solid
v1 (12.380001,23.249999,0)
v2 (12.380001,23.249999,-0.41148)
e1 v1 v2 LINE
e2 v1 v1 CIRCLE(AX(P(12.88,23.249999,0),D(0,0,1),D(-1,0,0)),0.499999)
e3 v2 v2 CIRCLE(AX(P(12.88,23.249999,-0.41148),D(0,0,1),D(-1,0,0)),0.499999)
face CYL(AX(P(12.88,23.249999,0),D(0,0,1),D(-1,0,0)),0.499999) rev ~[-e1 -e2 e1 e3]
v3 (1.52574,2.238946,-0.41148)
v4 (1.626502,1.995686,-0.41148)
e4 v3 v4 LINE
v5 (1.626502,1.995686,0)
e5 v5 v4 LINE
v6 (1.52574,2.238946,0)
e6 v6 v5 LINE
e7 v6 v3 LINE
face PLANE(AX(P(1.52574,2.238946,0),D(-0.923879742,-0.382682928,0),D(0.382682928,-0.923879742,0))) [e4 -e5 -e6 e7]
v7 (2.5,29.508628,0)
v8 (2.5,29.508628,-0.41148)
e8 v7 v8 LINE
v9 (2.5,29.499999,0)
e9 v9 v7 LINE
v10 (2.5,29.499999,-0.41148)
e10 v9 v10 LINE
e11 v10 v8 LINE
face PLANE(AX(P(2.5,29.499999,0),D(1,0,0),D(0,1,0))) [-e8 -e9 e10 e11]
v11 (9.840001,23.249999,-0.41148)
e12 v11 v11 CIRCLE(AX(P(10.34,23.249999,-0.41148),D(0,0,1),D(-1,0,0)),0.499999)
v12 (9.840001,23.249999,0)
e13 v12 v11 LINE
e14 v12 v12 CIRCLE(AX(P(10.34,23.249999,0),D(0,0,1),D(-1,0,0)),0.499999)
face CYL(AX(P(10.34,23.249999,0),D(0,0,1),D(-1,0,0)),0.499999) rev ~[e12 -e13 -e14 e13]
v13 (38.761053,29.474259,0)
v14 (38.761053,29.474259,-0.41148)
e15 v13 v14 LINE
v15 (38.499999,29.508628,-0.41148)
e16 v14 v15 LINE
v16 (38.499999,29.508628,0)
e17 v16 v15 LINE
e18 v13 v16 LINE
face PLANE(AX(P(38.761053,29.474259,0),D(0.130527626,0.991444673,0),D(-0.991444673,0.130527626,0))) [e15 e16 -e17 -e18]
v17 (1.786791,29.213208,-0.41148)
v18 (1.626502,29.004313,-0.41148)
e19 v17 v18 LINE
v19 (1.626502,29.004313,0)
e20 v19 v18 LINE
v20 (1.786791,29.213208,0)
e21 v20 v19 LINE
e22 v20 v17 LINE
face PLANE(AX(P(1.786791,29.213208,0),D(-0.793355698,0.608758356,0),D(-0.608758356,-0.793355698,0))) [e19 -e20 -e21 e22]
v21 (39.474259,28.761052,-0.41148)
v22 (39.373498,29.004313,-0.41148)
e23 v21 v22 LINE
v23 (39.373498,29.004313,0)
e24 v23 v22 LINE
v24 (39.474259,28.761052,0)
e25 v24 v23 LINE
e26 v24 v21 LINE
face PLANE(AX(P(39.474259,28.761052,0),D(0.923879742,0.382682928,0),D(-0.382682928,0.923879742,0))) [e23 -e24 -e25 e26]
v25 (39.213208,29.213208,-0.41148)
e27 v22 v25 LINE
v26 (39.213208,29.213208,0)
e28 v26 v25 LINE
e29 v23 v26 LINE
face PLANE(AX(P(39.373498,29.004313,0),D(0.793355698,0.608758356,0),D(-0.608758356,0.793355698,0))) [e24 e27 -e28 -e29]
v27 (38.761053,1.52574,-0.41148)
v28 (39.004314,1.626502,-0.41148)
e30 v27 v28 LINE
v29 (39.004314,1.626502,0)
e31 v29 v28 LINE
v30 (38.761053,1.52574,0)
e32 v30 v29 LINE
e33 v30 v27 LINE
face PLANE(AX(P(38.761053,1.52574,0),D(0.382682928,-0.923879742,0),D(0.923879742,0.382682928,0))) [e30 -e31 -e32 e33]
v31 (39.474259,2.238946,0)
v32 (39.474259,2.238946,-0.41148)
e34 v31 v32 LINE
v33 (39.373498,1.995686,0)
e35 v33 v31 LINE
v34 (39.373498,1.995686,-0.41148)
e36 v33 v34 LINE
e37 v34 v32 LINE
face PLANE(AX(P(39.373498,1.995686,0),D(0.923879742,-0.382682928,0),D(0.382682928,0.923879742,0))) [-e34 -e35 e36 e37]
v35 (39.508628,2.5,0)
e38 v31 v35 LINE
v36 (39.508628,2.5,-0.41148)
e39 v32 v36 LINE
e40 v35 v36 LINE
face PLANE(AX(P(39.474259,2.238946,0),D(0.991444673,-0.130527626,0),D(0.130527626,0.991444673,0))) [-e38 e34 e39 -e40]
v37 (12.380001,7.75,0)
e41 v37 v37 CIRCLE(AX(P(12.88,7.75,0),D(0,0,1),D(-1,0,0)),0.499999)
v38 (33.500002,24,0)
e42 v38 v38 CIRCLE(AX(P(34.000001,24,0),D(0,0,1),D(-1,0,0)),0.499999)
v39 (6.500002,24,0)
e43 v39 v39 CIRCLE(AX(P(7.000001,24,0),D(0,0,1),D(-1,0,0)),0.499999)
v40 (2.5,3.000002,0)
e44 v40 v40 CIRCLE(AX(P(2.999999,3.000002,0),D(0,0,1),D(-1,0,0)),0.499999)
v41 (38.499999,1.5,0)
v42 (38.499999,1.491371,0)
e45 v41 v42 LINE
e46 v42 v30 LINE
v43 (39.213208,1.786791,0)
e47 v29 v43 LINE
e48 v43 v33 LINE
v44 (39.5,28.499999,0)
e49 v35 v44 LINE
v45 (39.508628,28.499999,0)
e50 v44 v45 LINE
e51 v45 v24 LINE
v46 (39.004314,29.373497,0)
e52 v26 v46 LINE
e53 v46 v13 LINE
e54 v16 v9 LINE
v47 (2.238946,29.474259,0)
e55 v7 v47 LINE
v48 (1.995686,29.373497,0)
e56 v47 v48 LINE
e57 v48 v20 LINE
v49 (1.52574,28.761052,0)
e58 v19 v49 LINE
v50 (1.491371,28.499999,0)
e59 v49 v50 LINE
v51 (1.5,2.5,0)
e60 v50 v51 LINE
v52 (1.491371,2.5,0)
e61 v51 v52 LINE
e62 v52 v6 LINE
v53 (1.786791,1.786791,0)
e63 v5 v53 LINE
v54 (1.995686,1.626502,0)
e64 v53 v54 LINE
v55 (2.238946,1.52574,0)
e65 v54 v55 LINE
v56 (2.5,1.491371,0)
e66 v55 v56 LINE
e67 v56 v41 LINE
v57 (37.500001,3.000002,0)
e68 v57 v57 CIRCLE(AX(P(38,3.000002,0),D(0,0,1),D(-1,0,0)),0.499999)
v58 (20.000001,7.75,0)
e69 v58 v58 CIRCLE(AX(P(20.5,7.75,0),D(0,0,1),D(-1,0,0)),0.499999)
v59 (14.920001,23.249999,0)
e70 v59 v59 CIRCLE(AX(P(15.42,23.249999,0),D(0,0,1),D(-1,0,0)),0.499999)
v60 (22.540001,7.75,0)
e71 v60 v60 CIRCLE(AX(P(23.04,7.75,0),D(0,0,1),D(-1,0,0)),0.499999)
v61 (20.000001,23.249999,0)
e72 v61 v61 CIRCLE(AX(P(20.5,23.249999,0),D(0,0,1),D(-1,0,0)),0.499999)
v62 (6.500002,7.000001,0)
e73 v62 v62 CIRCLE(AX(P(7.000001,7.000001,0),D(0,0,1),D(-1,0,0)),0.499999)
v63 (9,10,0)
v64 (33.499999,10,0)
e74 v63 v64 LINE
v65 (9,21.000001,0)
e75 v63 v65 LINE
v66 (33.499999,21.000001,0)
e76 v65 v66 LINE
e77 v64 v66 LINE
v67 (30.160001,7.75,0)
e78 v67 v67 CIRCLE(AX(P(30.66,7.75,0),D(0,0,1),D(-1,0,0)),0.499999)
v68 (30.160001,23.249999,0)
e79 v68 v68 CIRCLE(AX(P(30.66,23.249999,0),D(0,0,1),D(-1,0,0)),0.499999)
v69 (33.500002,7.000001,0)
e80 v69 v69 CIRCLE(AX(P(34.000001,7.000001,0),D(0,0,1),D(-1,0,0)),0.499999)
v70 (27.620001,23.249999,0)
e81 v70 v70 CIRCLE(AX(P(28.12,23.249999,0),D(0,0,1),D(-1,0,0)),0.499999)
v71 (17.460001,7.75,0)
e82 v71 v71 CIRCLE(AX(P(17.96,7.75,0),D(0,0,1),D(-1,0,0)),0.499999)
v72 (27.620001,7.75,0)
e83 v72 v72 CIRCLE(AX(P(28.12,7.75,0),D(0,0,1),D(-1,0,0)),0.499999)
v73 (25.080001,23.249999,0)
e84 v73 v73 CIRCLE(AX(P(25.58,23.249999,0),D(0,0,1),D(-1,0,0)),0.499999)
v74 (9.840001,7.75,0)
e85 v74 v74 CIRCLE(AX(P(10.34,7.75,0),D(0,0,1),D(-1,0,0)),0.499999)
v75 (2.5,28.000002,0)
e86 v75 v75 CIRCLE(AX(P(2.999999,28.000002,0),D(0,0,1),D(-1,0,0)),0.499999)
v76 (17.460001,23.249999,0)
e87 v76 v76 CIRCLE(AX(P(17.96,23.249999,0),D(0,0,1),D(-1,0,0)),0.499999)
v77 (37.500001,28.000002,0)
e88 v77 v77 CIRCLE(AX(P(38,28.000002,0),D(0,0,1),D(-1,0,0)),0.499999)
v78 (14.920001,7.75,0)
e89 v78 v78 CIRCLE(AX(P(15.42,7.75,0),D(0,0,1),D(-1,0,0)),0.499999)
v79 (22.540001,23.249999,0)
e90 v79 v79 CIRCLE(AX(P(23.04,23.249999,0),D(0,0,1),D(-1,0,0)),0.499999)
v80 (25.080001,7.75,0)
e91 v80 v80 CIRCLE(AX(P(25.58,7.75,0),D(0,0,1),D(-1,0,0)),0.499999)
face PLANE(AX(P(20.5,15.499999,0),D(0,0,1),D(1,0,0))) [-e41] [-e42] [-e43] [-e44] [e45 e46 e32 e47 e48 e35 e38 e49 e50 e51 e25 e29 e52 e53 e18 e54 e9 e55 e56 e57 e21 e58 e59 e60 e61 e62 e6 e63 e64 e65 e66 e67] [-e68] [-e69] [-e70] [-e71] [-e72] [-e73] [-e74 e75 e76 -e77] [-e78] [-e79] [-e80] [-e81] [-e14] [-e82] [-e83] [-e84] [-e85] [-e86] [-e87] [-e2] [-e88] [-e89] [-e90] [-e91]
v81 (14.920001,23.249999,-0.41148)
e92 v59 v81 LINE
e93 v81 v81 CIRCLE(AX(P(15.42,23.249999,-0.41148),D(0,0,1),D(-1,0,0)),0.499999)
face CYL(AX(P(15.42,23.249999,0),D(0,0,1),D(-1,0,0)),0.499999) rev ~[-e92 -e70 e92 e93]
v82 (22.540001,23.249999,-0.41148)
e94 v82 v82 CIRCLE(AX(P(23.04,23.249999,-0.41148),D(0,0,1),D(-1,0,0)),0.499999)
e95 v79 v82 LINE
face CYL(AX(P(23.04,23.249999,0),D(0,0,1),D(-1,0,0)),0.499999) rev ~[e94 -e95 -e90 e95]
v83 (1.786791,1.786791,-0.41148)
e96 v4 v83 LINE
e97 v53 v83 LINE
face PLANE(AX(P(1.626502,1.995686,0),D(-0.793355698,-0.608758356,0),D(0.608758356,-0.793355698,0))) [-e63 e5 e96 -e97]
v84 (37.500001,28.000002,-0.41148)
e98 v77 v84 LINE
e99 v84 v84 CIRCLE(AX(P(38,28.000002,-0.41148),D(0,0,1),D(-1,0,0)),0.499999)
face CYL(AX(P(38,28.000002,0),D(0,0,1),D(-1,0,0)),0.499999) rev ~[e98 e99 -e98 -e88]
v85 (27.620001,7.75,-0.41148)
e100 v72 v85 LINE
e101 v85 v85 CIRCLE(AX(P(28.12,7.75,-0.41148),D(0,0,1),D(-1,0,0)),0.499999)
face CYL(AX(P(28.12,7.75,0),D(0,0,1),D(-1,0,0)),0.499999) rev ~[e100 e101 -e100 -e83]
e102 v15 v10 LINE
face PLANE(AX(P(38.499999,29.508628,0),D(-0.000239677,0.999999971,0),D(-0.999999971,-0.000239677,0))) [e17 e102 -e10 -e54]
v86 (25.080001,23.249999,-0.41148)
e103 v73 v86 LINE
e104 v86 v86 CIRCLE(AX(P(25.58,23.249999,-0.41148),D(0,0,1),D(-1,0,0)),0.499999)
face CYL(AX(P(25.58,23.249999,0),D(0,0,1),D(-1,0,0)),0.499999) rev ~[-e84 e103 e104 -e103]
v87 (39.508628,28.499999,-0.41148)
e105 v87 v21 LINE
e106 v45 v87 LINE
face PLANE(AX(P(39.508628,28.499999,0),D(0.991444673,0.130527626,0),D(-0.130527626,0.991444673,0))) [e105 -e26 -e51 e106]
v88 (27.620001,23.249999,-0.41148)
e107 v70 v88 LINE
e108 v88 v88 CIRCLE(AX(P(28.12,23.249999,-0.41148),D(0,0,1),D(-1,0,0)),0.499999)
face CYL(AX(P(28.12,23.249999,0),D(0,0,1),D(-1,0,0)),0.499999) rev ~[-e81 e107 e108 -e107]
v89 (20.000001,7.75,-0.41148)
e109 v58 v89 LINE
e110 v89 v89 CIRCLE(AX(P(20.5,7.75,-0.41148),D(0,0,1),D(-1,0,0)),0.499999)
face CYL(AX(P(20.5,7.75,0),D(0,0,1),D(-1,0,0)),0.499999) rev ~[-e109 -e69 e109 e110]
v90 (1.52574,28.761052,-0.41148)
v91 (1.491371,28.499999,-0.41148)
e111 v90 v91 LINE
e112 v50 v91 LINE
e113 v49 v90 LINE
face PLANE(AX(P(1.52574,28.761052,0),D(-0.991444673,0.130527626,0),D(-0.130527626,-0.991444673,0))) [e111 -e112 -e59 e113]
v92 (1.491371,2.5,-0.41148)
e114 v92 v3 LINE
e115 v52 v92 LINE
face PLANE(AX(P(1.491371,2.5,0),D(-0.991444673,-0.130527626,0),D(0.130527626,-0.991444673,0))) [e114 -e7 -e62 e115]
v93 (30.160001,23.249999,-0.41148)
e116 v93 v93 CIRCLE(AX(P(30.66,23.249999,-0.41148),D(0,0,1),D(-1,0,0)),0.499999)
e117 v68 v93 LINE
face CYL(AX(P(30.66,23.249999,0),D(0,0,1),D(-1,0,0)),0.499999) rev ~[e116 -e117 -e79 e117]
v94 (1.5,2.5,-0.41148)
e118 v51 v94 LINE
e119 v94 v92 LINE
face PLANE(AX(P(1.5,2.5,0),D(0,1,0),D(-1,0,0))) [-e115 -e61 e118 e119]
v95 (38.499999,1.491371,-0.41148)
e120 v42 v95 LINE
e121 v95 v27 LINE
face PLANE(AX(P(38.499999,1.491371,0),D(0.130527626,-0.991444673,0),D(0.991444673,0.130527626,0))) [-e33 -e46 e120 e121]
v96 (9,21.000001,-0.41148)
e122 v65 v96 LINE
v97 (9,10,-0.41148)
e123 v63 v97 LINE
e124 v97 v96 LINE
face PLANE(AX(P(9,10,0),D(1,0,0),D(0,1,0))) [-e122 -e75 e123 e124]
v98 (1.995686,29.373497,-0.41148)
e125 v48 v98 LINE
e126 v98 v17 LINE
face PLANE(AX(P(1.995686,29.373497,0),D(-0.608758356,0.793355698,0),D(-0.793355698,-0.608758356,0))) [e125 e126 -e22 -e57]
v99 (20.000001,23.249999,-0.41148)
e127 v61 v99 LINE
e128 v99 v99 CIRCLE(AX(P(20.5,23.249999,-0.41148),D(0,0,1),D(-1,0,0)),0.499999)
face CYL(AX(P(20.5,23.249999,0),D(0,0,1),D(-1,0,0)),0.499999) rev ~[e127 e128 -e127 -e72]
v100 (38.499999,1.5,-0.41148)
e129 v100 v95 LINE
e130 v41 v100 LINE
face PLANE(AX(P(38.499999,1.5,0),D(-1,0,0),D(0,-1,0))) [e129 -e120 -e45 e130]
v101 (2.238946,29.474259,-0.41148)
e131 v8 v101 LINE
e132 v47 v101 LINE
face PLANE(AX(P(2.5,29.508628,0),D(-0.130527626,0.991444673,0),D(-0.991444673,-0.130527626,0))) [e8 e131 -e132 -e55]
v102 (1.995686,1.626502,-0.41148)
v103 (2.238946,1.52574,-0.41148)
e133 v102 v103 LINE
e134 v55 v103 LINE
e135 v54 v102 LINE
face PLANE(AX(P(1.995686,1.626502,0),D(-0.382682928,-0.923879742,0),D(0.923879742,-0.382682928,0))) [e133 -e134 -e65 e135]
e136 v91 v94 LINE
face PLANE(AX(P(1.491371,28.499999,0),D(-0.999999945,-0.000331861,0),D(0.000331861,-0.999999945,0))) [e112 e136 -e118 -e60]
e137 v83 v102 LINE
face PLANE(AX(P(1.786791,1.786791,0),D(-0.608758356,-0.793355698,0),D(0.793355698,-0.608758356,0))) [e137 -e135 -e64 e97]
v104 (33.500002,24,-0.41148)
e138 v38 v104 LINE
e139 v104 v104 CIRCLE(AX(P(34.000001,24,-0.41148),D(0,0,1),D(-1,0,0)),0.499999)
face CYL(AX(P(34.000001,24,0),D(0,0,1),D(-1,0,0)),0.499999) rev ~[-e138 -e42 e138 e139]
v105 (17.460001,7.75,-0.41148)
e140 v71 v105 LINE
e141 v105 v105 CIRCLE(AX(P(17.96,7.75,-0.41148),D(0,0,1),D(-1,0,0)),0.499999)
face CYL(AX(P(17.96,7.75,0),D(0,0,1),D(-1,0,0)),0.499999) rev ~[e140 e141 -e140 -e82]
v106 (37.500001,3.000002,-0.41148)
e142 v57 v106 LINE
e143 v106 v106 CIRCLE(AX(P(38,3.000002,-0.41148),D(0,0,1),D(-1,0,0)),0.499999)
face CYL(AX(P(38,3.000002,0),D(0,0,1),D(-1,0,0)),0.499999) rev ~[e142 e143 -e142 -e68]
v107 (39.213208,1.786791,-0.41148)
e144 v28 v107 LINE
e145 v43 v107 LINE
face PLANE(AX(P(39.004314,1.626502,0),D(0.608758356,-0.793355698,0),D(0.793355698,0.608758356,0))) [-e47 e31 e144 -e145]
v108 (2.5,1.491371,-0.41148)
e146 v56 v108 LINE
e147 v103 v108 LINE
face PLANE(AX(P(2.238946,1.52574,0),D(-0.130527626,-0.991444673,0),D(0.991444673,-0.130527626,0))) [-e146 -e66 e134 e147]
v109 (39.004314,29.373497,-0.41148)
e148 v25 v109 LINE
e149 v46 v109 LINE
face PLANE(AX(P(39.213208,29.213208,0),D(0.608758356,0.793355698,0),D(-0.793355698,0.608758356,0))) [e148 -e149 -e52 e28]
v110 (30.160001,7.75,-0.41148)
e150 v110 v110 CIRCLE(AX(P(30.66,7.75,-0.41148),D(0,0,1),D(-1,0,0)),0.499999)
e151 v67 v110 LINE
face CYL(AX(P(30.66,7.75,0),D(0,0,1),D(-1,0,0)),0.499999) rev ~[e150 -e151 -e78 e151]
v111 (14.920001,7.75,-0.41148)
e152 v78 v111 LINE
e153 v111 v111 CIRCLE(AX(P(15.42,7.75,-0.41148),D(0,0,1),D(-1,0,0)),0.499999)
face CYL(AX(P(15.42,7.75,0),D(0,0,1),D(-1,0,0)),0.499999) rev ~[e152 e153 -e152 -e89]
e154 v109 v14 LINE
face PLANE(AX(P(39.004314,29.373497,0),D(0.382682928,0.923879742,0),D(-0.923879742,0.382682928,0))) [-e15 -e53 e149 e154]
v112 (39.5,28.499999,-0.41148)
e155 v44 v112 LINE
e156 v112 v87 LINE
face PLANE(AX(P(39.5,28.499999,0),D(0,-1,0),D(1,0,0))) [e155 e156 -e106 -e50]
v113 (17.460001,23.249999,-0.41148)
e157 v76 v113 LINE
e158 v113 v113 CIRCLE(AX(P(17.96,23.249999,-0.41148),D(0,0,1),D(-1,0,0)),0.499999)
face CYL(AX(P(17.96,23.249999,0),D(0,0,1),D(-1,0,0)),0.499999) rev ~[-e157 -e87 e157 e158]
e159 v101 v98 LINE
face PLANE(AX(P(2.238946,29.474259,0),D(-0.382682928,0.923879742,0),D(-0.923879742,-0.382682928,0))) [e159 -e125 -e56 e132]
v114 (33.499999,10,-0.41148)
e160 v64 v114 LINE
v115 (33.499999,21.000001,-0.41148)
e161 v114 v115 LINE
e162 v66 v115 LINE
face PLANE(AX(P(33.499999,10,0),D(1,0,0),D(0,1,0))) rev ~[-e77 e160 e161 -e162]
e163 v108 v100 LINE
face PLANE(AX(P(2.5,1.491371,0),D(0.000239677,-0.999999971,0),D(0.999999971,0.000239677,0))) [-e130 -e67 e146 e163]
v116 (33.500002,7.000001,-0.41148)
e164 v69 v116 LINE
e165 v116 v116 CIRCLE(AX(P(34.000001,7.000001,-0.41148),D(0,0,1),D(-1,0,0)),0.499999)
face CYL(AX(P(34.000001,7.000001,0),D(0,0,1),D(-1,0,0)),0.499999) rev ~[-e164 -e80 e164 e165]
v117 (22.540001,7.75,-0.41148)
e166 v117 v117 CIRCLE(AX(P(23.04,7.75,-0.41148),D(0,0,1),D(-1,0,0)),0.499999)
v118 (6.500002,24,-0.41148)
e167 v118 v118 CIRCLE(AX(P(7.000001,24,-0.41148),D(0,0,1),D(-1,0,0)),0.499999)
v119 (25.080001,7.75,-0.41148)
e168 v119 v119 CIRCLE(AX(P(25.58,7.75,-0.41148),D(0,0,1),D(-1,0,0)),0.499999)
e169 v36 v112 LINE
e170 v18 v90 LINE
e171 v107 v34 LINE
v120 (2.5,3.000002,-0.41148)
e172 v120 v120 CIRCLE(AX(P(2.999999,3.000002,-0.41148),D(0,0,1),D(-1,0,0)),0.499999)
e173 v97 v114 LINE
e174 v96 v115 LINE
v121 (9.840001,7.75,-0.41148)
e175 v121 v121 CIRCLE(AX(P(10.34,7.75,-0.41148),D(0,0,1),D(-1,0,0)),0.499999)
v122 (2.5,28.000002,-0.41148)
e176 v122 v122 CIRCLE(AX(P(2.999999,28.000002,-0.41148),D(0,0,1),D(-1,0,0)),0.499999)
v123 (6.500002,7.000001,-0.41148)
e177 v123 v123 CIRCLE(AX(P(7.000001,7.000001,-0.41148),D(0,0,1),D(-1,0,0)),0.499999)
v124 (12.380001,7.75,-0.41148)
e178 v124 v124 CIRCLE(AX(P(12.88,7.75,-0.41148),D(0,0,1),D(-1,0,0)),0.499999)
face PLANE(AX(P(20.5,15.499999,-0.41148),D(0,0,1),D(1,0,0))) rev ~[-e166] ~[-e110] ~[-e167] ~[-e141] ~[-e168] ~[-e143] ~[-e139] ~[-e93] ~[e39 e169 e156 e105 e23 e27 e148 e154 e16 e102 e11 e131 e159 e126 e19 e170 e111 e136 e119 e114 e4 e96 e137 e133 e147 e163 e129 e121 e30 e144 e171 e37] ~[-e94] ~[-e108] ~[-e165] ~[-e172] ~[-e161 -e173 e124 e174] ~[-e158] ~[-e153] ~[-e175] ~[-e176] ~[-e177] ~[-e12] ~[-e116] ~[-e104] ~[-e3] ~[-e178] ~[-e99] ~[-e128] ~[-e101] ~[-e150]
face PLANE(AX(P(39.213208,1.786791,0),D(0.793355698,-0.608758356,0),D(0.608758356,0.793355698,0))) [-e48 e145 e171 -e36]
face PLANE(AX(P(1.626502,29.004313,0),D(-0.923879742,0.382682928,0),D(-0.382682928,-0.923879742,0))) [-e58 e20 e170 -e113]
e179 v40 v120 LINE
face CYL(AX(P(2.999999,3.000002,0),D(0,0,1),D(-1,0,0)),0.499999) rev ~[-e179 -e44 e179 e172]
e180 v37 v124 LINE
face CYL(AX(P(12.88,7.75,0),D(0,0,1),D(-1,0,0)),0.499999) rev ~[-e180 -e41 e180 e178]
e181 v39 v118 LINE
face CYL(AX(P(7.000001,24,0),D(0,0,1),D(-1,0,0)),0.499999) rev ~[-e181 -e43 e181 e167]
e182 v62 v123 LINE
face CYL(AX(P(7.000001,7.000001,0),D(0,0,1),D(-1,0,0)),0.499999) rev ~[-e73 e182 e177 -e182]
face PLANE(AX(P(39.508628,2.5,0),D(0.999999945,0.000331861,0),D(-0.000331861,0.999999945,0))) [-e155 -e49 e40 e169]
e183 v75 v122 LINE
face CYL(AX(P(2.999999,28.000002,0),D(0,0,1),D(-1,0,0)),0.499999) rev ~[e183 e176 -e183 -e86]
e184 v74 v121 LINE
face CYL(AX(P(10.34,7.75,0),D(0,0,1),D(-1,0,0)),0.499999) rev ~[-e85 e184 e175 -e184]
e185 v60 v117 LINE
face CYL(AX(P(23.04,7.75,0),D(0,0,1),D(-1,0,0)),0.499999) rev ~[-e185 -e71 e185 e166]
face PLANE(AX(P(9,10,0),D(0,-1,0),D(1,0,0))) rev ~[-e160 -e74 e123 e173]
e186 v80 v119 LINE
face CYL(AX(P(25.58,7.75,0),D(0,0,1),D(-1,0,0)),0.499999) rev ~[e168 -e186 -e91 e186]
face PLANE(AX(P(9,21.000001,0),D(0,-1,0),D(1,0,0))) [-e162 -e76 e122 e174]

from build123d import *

# Parameters (mm, degrees)
SKETCH_1_R      = 0.499999
SKETCH_1_W      = 24.49999926
SKETCH_1_H      = 11.00000086
EXTRUDE_1_DEPTH = 0.41148


with BuildPart() as part:
    # 草图1 → 凸台-拉伸1 (new body)
    with BuildSketch(Plane.XY):
        Polygon((1.5257399, 2.2389465), (1.6265017, 1.99568562), (1.78679094, 1.78679094), (1.99568562, 1.6265017), (2.2389465, 1.5257399), (2.50000008, 1.49137116), (38.4999992, 1.49999954), (38.4999992, 1.49137116), (38.76105278, 1.5257399), (39.00431366, 1.6265017), (39.21320834, 1.78679094), (39.37349758, 1.99568562), (39.47425938, 2.2389465), (39.50862812, 2.50000008), (39.49999974, 28.49999888), (39.50862812, 28.49999888), (39.47425938, 28.76105246), (39.37349758, 29.00431334), (39.21320834, 29.21320802), (39.00431366, 29.37349726), (38.76105278, 29.47425906), (38.4999992, 29.5086278), (2.50000008, 29.49999942), (2.50000008, 29.5086278), (2.2389465, 29.47425906), (1.99568562, 29.37349726), (1.78679094, 29.21320802), (1.6265017, 29.00431334), (1.5257399, 28.76105246), (1.49137116, 28.49999888), (1.49999954, 2.50000008), (1.49137116, 2.50000008), align=None)
        with Locations(Location((38.0000002, 28.00000242, 0), (0, 0, 180))):
            Circle(SKETCH_1_R, mode=Mode.SUBTRACT)
        with Locations(Location((34.00000058, 24.00000026, 0), (0, 0, 180))):
            Circle(SKETCH_1_R, mode=Mode.SUBTRACT)
        with Locations(Location((30.65999964, 23.24999922, 0), (0, 0, 180))):
            Circle(SKETCH_1_R, mode=Mode.SUBTRACT)
        with Locations(Location((28.11999964, 23.24999922, 0), (0, 0, 180))):
            Circle(SKETCH_1_R, mode=Mode.SUBTRACT)
        with Locations(Location((23.03999964, 23.24999922, 0), (0, 0, 180))):
            Circle(SKETCH_1_R, mode=Mode.SUBTRACT)
        with Locations(Location((20.49999964, 23.24999922, 0), (0, 0, 180))):
            Circle(SKETCH_1_R, mode=Mode.SUBTRACT)
        with Locations(Location((25.57999964, 23.24999922, 0), (0, 0, 180))):
            Circle(SKETCH_1_R, mode=Mode.SUBTRACT)
        with Locations(Location((30.65999964, 7.74999974, 0), (0, 0, 180))):
            Circle(SKETCH_1_R, mode=Mode.SUBTRACT)
        with Locations(Location((28.11999964, 7.74999974, 0), (0, 0, 180))):
            Circle(SKETCH_1_R, mode=Mode.SUBTRACT)
        with Locations(Location((38.0000002, 3.00000162, 0), (0, 0, 180))):
            Circle(SKETCH_1_R, mode=Mode.SUBTRACT)
        with Locations(Location((34.00000058, 7.00000124, 0), (0, 0, 180))):
            Circle(SKETCH_1_R, mode=Mode.SUBTRACT)
        with Locations(Location((23.03999964, 7.74999974, 0), (0, 0, 180))):
            Circle(SKETCH_1_R, mode=Mode.SUBTRACT)
        with Locations(Location((20.49999964, 7.74999974, 0), (0, 0, 180))):
            Circle(SKETCH_1_R, mode=Mode.SUBTRACT)
        with Locations(Location((25.57999964, 7.74999974, 0), (0, 0, 180))):
            Circle(SKETCH_1_R, mode=Mode.SUBTRACT)
        with Locations(Location((15.41999964, 23.24999922, 0), (0, 0, 180))):
            Circle(SKETCH_1_R, mode=Mode.SUBTRACT)
        with Locations(Location((12.87999964, 23.24999922, 0), (0, 0, 180))):
            Circle(SKETCH_1_R, mode=Mode.SUBTRACT)
        with Locations(Location((17.95999964, 23.24999922, 0), (0, 0, 180))):
            Circle(SKETCH_1_R, mode=Mode.SUBTRACT)
        with Locations(Location((7.00000124, 24.00000026, 0), (0, 0, 180))):
            Circle(SKETCH_1_R, mode=Mode.SUBTRACT)
        with Locations(Location((2.99999908, 28.00000242, 0), (0, 0, 180))):
            Circle(SKETCH_1_R, mode=Mode.SUBTRACT)
        with Locations(Location((10.33999964, 23.24999922, 0), (0, 0, 180))):
            Circle(SKETCH_1_R, mode=Mode.SUBTRACT)
        with Locations(Location((15.41999964, 7.74999974, 0), (0, 0, 180))):
            Circle(SKETCH_1_R, mode=Mode.SUBTRACT)
        with Locations(Location((12.87999964, 7.74999974, 0), (0, 0, 180))):
            Circle(SKETCH_1_R, mode=Mode.SUBTRACT)
        with Locations(Location((17.95999964, 7.74999974, 0), (0, 0, 180))):
            Circle(SKETCH_1_R, mode=Mode.SUBTRACT)
        with Locations(Location((10.33999964, 7.74999974, 0), (0, 0, 180))):
            Circle(SKETCH_1_R, mode=Mode.SUBTRACT)
        with Locations(Location((7.00000124, 7.00000124, 0), (0, 0, 180))):
            Circle(SKETCH_1_R, mode=Mode.SUBTRACT)
        with Locations(Location((2.99999908, 3.00000162, 0), (0, 0, 180))):
            Circle(SKETCH_1_R, mode=Mode.SUBTRACT)
        with Locations((21.24999941, 15.50000075)):
            Rectangle(SKETCH_1_W, SKETCH_1_H, mode=Mode.SUBTRACT)
    extrude(amount=-EXTRUDE_1_DEPTH)


solid = part.part
